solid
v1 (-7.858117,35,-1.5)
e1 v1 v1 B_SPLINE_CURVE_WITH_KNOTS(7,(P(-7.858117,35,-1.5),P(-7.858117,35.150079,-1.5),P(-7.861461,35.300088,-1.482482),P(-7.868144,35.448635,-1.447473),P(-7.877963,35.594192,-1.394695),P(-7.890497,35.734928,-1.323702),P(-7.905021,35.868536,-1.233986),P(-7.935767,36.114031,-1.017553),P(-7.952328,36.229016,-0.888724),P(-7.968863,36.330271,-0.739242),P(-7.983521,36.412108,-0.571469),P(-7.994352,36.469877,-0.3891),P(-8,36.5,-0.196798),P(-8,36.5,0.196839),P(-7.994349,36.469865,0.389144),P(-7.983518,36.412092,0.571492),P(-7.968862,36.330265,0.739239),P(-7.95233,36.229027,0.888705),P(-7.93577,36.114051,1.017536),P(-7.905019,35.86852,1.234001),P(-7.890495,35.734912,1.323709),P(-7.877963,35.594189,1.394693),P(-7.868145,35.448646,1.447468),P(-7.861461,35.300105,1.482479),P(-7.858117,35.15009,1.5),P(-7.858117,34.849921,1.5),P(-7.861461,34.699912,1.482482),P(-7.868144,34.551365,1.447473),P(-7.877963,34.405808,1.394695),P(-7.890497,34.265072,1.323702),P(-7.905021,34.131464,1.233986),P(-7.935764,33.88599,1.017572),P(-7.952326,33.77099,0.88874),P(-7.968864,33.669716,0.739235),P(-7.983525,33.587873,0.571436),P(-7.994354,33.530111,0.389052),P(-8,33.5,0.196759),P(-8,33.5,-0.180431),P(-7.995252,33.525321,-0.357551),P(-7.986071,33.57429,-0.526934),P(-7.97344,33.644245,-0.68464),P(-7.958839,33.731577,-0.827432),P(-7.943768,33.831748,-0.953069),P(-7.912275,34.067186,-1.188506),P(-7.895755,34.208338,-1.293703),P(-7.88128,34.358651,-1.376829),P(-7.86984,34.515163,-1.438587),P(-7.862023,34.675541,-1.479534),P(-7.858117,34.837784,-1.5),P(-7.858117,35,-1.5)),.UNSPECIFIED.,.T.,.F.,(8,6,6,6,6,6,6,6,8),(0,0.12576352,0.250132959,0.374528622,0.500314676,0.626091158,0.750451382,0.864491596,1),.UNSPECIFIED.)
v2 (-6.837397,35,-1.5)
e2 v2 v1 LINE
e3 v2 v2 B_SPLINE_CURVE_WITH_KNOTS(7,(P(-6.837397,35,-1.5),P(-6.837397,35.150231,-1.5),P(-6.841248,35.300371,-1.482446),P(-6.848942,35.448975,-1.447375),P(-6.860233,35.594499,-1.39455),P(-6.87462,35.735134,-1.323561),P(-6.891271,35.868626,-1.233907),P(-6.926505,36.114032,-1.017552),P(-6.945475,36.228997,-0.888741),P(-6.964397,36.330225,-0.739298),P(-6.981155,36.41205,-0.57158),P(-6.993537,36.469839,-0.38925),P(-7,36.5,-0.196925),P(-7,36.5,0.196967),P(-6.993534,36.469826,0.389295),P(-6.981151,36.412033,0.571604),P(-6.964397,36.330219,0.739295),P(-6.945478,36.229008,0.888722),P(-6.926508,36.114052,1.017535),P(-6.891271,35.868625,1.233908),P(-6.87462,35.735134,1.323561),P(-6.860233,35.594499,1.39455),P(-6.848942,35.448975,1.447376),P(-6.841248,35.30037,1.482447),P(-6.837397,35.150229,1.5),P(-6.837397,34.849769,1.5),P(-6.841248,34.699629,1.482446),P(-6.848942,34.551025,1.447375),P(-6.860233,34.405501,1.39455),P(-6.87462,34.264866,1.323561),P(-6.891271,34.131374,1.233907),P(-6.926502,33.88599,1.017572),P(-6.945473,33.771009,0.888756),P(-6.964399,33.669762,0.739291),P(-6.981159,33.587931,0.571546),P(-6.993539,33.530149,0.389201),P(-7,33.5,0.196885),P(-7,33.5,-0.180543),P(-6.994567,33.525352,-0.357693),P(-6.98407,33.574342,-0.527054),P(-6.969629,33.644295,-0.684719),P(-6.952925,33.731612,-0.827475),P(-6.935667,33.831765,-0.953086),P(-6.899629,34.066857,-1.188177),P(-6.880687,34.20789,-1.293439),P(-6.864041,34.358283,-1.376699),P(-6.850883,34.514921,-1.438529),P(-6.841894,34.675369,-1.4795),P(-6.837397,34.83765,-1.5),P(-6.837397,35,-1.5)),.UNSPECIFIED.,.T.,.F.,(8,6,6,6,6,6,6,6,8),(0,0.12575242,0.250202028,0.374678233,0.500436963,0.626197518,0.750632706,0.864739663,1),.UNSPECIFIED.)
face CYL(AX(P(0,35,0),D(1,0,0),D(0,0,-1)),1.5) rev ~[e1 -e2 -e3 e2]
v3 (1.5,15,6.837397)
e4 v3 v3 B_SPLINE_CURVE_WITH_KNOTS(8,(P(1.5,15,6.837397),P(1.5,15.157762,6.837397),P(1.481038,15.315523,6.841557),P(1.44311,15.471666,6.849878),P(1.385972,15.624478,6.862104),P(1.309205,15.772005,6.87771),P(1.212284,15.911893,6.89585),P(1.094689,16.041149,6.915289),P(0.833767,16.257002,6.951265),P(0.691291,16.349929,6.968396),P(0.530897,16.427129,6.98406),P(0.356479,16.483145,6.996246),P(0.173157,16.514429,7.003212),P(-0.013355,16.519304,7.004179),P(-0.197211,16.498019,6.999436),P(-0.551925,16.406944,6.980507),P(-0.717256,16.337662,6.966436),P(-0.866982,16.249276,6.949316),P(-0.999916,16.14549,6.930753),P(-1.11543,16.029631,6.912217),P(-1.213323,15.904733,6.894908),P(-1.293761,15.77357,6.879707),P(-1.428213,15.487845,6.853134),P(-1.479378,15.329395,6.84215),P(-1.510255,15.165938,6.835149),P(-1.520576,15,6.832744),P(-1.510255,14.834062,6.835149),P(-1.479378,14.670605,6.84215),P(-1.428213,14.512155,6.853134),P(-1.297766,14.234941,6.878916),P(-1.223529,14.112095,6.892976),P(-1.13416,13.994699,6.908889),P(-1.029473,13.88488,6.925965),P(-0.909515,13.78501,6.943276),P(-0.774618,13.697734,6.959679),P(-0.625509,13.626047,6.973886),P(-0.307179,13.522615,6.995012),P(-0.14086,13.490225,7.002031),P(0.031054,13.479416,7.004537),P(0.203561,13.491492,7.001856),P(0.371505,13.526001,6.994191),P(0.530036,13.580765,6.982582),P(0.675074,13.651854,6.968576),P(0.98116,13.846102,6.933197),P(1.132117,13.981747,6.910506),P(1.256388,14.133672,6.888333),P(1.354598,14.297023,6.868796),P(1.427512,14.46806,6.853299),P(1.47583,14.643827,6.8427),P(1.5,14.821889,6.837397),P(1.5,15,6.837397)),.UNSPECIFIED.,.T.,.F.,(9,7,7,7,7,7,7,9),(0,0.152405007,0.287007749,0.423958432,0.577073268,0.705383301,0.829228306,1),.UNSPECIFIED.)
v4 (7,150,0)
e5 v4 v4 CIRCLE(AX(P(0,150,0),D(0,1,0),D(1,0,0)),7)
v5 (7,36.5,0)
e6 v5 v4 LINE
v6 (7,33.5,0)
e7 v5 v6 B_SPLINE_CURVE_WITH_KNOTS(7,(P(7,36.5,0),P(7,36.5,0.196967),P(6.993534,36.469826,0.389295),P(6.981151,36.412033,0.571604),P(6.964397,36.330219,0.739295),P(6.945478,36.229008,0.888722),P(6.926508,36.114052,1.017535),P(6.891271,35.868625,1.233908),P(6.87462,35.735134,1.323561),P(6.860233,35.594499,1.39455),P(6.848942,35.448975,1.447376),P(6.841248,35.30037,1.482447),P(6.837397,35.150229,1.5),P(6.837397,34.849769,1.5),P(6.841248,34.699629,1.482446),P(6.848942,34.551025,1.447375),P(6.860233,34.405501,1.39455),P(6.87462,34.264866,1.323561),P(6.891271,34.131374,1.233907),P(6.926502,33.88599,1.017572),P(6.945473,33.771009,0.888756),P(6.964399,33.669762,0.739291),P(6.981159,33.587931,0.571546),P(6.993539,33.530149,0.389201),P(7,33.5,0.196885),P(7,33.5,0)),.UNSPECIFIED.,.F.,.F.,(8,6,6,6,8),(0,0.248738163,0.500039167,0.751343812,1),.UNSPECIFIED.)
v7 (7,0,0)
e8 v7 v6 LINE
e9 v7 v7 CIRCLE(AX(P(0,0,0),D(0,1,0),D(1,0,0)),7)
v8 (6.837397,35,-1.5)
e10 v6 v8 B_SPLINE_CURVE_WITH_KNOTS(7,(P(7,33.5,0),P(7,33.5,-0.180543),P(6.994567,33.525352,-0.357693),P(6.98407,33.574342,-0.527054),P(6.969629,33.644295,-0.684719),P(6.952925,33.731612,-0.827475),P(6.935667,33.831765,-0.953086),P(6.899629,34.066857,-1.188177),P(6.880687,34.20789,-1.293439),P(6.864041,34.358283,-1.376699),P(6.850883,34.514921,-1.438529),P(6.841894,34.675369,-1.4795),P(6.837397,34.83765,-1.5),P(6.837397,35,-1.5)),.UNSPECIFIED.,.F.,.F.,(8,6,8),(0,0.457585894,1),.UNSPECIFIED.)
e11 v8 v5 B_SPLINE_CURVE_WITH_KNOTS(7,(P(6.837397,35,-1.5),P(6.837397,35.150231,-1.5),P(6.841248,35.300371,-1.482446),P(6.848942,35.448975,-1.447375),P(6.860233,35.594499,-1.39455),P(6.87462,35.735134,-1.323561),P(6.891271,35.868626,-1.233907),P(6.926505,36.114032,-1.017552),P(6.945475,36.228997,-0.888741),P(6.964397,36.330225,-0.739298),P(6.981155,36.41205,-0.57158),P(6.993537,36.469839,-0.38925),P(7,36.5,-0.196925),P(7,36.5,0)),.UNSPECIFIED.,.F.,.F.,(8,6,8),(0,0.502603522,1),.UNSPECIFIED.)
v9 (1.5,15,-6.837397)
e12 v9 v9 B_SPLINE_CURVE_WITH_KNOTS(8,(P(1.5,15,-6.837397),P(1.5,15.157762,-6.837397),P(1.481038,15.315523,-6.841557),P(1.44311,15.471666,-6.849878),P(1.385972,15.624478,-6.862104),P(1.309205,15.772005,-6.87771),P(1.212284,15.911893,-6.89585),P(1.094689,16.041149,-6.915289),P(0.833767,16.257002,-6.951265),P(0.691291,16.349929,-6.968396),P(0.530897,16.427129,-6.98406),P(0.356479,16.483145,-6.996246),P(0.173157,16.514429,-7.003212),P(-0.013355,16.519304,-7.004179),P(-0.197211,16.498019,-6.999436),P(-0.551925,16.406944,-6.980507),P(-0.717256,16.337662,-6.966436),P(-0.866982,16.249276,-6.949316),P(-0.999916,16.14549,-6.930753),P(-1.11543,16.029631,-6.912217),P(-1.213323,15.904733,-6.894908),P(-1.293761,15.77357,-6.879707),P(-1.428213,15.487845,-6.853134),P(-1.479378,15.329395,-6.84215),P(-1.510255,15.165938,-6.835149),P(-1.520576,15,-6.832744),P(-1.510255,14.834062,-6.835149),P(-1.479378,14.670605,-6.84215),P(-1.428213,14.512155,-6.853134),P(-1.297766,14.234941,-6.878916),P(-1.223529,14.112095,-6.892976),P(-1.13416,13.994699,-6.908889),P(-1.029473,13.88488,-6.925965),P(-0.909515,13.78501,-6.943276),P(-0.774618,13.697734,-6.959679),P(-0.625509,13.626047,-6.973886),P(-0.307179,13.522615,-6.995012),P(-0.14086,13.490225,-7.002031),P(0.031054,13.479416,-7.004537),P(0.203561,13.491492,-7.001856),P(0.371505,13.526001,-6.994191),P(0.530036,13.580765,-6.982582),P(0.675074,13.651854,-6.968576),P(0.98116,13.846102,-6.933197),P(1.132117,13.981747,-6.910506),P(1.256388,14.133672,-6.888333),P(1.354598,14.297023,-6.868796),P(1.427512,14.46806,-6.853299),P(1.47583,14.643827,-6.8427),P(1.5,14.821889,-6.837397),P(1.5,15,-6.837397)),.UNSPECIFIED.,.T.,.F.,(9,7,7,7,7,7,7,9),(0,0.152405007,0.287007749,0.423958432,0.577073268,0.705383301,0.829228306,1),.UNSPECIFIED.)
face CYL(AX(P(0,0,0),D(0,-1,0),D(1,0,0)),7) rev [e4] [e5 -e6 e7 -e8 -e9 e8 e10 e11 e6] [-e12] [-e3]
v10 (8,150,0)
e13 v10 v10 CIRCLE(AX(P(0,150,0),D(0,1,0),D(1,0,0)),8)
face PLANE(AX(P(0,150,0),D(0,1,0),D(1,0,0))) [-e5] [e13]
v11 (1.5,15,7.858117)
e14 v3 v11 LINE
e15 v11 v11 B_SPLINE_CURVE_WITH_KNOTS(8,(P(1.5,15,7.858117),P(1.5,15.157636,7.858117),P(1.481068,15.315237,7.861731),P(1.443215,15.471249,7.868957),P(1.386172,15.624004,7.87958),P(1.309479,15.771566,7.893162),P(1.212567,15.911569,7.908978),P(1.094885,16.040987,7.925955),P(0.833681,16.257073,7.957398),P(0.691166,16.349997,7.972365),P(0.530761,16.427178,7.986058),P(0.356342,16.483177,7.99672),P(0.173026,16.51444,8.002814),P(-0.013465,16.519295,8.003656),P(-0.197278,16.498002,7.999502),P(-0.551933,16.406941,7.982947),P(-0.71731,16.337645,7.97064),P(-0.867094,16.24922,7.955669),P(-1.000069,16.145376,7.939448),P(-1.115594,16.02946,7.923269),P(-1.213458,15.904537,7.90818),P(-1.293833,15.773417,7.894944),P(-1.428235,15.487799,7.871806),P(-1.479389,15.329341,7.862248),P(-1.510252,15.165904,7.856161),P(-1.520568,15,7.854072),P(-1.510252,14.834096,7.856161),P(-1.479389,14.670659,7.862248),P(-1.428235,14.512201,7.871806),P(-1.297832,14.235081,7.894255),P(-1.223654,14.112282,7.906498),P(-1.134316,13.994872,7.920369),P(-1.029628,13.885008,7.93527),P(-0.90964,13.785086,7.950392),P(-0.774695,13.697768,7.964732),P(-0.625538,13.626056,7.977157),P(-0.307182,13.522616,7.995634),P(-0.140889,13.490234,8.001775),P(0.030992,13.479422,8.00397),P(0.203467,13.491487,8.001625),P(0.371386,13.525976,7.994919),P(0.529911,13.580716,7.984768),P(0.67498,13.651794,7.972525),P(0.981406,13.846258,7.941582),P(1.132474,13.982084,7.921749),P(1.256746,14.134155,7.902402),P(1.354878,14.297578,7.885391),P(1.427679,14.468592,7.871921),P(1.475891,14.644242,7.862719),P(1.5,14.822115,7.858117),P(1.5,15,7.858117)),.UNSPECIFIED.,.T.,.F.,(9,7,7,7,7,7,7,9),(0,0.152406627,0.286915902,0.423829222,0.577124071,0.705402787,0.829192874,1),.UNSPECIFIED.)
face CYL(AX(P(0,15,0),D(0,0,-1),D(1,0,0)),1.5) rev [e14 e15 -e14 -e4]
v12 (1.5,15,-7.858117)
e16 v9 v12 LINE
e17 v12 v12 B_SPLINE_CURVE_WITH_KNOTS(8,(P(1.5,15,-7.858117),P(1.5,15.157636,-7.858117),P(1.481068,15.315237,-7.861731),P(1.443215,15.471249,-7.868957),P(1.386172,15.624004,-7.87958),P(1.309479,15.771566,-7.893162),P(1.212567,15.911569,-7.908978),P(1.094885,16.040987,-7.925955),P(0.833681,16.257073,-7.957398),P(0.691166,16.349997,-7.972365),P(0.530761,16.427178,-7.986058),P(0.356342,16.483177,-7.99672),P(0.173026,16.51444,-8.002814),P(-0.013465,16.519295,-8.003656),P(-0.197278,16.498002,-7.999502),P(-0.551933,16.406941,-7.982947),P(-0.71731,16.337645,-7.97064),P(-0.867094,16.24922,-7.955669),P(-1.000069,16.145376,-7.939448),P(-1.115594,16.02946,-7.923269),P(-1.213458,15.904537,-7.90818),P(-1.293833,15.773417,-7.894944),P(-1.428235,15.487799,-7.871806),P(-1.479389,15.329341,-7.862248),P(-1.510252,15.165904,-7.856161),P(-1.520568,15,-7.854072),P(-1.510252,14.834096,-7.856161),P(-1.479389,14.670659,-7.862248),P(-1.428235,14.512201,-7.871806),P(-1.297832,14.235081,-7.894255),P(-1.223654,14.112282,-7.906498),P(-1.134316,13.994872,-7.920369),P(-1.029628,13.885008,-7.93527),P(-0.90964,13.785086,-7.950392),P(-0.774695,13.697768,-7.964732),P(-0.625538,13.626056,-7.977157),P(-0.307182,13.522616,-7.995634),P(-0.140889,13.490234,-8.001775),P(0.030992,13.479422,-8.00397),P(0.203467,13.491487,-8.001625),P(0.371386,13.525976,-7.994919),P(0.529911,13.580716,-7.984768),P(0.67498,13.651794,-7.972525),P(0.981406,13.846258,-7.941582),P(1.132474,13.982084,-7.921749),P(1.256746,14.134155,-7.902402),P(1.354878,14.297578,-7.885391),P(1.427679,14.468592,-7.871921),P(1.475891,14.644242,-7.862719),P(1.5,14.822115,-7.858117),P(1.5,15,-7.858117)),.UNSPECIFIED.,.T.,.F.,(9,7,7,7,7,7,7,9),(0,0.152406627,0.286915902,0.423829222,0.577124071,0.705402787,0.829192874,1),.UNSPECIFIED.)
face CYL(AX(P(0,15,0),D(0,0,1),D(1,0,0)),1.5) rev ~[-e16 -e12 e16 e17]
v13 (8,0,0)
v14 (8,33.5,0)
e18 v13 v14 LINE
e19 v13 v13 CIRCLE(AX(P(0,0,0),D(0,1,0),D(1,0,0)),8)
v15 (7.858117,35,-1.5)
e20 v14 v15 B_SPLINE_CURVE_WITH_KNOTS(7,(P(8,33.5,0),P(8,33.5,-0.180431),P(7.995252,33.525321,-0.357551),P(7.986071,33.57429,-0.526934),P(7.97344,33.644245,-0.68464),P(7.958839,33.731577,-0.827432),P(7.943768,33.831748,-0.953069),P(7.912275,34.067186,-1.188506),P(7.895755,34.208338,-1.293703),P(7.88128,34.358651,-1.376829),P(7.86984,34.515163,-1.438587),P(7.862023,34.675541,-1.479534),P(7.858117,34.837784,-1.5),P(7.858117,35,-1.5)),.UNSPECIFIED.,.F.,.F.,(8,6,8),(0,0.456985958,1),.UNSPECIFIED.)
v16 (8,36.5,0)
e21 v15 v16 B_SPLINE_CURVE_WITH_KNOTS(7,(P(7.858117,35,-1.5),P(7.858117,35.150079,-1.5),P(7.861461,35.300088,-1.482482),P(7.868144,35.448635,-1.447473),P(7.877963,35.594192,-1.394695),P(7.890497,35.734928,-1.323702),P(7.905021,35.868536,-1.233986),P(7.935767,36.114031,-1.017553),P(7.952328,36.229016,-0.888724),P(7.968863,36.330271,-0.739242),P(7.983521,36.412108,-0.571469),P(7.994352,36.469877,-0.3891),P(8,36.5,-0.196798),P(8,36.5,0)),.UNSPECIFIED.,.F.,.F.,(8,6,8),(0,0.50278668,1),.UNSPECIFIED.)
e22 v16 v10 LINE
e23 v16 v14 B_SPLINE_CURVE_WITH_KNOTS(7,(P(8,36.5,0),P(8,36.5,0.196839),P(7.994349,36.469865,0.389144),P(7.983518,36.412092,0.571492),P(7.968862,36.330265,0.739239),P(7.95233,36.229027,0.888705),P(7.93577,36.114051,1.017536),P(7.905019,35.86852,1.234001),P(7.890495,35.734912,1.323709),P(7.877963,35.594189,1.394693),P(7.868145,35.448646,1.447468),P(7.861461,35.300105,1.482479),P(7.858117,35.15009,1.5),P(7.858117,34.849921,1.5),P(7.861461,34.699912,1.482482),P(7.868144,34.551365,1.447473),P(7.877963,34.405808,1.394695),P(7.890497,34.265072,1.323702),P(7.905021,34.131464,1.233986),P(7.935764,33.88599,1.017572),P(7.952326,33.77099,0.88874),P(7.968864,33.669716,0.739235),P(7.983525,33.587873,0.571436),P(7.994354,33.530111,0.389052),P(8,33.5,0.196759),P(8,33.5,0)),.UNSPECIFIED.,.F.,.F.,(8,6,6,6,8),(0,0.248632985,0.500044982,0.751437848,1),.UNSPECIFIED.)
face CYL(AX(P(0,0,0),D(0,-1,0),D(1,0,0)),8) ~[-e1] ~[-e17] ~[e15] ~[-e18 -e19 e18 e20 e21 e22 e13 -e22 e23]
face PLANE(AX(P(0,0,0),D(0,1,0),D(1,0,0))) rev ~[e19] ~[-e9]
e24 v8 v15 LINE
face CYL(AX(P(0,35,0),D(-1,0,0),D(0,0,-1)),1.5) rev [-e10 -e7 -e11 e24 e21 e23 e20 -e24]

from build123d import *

# Parameters (mm, degrees)
SKETCH_1_R               = 8
SKETCH_1_R_2             = 7
EXTRUDE_1_DEPTH          = 150
SKETCH_2_R               = 1.5
CUT_EXTRUDE_1_DEPTH      = 9
CUT_EXTRUDE_1_DEPTH_BACK = 9
SKETCH_4_R               = 1.5
CUT_EXTRUDE_2_DEPTH      = 9.0000001
CUT_EXTRUDE_2_DEPTH_BACK = 9.0000001


with BuildPart() as part:
    # 草图1 → 凸台-拉伸1 (new body)
    with BuildSketch(Plane(origin=(0, 0, 0), x_dir=(1, 0, 0), z_dir=(0, 1, 0))):
        Circle(SKETCH_1_R)
        Circle(SKETCH_1_R_2, mode=Mode.SUBTRACT)
    extrude(amount=EXTRUDE_1_DEPTH)

    # 草图2 → 切除-拉伸1 (cut, two sides)
    with BuildSketch(Plane.XY) as cut_extrude_1_sk:
        with Locations((0, 15)):
            Circle(SKETCH_2_R)
    extrude(amount=CUT_EXTRUDE_1_DEPTH, mode=Mode.SUBTRACT)
    extrude(cut_extrude_1_sk.sketch, amount=-CUT_EXTRUDE_1_DEPTH_BACK, mode=Mode.SUBTRACT)

    # 草图4 → 切除-拉伸2 (cut, two sides)
    with BuildSketch(Plane(origin=(0, 0, 0), x_dir=(0, 0, -1), z_dir=(1, 0, 0))) as cut_extrude_2_sk:
        with Locations((0, 35)):
            Circle(SKETCH_4_R)
    extrude(amount=CUT_EXTRUDE_2_DEPTH, mode=Mode.SUBTRACT)
    extrude(cut_extrude_2_sk.sketch, amount=-CUT_EXTRUDE_2_DEPTH_BACK, mode=Mode.SUBTRACT)


solid = part.part
